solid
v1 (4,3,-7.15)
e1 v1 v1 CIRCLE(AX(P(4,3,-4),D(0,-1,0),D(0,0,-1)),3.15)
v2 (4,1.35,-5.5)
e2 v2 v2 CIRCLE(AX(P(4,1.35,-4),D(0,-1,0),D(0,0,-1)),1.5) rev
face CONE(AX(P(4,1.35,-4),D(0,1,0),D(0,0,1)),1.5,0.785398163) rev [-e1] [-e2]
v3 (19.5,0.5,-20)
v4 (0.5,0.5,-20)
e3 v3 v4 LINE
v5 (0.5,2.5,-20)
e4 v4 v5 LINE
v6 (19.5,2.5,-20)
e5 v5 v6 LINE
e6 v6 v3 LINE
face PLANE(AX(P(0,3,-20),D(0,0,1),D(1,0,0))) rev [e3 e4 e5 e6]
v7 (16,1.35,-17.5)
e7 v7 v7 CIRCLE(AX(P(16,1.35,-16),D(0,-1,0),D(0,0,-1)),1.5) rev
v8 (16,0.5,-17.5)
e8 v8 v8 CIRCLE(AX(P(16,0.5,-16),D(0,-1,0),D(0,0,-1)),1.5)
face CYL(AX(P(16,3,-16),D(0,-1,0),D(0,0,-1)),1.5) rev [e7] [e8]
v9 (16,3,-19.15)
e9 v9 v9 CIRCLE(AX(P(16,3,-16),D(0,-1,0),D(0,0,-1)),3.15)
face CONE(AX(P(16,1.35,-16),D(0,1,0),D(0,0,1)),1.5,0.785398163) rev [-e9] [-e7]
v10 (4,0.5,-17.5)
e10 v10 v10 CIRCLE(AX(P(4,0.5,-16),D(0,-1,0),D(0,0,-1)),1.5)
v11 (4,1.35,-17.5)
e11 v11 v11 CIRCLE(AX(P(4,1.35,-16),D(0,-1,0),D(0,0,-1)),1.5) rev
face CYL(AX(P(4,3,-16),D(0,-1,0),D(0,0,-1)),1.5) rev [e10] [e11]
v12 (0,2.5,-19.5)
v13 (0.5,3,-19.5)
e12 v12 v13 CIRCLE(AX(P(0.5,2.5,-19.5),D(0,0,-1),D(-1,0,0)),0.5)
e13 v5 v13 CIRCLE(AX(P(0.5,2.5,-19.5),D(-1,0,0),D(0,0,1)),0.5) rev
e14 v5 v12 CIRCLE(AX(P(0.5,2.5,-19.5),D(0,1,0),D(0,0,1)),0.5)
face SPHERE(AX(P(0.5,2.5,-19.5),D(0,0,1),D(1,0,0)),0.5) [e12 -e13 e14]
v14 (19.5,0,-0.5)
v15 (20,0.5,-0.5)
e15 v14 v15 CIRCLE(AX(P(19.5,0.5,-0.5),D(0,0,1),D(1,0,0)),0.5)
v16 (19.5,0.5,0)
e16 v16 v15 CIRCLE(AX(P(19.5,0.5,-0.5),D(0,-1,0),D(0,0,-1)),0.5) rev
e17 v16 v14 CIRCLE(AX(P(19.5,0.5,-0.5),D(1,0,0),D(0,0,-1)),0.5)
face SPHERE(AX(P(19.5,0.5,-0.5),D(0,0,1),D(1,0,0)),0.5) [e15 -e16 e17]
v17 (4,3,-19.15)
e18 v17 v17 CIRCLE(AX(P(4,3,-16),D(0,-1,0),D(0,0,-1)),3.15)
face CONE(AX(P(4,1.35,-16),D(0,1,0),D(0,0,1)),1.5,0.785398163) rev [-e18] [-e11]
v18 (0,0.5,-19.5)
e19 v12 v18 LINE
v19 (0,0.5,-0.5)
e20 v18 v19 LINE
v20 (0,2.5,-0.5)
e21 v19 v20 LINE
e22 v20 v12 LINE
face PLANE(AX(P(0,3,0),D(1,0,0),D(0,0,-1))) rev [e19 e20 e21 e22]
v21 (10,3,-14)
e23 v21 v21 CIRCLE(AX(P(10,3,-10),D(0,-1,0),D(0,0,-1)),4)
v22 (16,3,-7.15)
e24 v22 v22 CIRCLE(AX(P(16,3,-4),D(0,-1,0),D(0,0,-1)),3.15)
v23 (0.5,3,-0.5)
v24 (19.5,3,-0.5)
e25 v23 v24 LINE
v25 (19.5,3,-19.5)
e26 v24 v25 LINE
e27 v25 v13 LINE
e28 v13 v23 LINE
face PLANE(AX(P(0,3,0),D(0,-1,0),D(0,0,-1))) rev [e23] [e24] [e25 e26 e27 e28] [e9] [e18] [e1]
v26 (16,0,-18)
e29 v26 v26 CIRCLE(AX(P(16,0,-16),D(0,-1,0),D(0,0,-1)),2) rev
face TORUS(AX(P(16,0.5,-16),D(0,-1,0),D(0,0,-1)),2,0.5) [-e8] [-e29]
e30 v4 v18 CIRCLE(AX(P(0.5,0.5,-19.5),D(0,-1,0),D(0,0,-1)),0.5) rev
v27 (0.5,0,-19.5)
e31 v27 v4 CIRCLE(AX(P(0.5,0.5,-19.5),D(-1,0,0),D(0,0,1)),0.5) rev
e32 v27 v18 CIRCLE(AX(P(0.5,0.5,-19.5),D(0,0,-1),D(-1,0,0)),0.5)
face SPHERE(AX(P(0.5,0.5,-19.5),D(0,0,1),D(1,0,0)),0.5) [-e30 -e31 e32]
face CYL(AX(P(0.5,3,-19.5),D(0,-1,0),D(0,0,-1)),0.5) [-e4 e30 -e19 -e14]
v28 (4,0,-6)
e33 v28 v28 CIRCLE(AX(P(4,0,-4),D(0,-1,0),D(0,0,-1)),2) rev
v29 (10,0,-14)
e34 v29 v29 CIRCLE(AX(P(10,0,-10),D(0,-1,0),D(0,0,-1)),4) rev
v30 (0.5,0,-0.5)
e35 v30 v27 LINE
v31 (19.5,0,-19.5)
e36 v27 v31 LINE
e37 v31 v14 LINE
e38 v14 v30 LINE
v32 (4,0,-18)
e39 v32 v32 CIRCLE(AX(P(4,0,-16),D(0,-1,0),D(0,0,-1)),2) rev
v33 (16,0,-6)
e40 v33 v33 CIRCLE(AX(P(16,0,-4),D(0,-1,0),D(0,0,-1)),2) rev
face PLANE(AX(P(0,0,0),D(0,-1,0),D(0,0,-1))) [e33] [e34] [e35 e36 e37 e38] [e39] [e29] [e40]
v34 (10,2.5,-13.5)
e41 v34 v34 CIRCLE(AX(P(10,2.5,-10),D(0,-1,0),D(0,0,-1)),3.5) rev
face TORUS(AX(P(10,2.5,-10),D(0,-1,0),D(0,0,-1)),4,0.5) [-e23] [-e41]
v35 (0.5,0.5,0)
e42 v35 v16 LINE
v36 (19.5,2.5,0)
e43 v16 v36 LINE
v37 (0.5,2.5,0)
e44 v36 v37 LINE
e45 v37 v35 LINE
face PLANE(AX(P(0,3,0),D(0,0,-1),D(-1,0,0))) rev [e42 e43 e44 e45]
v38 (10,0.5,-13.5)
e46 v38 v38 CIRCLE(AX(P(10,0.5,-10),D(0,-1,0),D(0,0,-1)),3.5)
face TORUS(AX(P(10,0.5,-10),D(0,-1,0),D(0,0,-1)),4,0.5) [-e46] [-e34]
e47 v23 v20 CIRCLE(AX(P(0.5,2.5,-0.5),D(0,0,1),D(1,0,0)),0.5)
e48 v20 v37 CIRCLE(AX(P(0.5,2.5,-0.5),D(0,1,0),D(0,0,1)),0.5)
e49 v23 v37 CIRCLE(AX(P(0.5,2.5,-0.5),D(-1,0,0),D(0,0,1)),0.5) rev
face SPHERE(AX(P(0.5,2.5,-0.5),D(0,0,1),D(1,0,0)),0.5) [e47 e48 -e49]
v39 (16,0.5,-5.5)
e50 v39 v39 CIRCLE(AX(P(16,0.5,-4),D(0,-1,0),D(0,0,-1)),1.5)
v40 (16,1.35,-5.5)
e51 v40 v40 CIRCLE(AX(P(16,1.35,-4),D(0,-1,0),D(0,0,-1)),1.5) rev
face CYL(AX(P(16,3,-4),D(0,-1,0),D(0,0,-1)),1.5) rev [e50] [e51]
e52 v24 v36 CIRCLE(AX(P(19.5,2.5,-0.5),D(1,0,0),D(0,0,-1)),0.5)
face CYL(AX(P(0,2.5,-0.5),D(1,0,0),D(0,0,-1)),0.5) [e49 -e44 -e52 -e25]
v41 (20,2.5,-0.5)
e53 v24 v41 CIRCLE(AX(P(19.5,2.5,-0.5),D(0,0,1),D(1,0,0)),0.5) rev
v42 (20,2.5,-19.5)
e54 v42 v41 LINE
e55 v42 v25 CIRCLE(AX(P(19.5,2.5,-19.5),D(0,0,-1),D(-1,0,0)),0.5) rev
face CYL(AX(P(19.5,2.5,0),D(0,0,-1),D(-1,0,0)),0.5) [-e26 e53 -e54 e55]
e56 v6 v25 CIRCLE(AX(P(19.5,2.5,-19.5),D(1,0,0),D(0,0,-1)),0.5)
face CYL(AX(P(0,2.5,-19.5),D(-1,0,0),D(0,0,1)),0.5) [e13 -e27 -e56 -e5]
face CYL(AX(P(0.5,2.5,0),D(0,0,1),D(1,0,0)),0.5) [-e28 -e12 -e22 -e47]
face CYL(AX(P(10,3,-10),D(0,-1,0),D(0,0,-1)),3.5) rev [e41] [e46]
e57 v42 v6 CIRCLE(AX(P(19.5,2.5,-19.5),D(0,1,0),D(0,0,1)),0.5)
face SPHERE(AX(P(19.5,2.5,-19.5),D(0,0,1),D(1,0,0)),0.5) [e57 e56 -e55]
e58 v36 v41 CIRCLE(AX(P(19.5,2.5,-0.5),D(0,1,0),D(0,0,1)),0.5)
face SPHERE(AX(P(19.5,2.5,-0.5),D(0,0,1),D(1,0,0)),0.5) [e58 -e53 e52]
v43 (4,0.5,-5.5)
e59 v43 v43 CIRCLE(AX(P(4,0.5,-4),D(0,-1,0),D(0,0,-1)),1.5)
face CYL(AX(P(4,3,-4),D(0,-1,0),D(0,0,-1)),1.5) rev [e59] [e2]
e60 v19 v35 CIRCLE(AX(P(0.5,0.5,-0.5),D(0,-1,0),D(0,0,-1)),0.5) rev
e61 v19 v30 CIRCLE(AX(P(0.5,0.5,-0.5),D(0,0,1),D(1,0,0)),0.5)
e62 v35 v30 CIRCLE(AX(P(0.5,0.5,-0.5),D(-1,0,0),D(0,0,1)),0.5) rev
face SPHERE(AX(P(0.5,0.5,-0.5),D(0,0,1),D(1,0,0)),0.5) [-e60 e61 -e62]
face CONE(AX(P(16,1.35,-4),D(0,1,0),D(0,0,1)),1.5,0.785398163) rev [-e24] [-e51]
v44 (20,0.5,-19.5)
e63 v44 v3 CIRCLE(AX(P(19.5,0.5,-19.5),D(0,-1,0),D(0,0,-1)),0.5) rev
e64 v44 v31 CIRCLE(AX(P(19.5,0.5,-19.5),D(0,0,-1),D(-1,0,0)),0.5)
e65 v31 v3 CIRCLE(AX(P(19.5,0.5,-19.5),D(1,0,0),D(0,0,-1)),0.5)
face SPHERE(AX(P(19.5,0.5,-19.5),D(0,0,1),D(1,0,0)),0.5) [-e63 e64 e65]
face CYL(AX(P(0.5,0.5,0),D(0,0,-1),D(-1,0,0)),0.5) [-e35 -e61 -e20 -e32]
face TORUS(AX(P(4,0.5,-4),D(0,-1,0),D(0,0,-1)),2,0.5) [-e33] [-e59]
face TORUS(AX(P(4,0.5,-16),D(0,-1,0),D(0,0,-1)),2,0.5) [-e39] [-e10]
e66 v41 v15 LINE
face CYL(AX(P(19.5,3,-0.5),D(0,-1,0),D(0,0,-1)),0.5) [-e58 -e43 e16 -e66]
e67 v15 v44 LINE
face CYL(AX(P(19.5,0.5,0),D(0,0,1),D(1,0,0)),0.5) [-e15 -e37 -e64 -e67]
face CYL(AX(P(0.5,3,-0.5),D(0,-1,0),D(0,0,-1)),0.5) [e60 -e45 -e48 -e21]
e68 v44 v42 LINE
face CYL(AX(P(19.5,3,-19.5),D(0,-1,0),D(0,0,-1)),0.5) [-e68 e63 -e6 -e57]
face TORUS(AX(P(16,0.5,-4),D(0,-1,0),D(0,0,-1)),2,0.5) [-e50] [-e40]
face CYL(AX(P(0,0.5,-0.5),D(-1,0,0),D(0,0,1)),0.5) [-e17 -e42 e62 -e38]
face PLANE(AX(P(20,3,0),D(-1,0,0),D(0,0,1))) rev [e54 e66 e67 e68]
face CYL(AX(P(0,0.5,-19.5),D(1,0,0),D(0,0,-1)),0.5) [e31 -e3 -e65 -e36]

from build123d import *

# Parameters (mm, degrees)
SKETCH1_W           = 20
SKETCH1_H           = 20
SKETCH1_R           = 1.5
SKETCH1_R_2         = 3.5
BOSS_EXTRUDE1_DEPTH = 3
CHAMFER1_SIZE       = 1.65
FILLET1_R           = 0.5


with BuildPart() as part:
    # Sketch1 → Boss-Extrude1 (new body)
    with BuildSketch(Plane(origin=(0, 0, 0), x_dir=(1, 0, 0), z_dir=(0, 1, 0))):
        with Locations((10, 10)):
            Rectangle(SKETCH1_W, SKETCH1_H)
        with Locations(Location((16, 16, 0), (0, 0, 270))):
            Circle(SKETCH1_R, mode=Mode.SUBTRACT)
        with Locations(Location((4, 16, 0), (0, 0, 90))):
            Circle(SKETCH1_R, mode=Mode.SUBTRACT)
        with Locations(Location((16, 4, 0), (0, 0, 90))):
            Circle(SKETCH1_R, mode=Mode.SUBTRACT)
        with Locations(Location((4, 4, 0), (0, 0, 270))):
            Circle(SKETCH1_R, mode=Mode.SUBTRACT)
        with Locations(Location((10, 10, 0), (0, 0, 270))):
            Circle(SKETCH1_R_2, mode=Mode.SUBTRACT)
    extrude(amount=BOSS_EXTRUDE1_DEPTH)

    # Chamfer1
    chamfer1_edges = [part.edges().sort_by_distance(p)[0] for p in [
        (16, 3, -17.5),
        (4, 3, -14.5),
        (16, 3, -2.5),
        (4, 3, -5.5),
    ]]
    chamfer(chamfer1_edges, length=CHAMFER1_SIZE)

    # Fillet1
    fillet1_edges = [part.edges().sort_by_distance(p)[0] for p in [
        (16, 0, -17.5),
        (20, 3, -10),
        (4, 0, -14.5),
        (10, 3, -20),
        (16, 0, -2.5),
        (4, 0, -5.5),
        (10, 0, -13.5),
        (10, 3, -13.5),
        (0, 3, -10),
        (10, 0, -20),
        (20, 0, -10),
        (10, 0, 0),
        (0, 0, -10),
        (0, 1.5, -20),
        (20, 1.5, -20),
        (20, 1.5, 0),
        (0, 1.5, 0),
        (10, 3, 0),
    ]]
    fillet(fillet1_edges, radius=FILLET1_R)


solid = part.part
